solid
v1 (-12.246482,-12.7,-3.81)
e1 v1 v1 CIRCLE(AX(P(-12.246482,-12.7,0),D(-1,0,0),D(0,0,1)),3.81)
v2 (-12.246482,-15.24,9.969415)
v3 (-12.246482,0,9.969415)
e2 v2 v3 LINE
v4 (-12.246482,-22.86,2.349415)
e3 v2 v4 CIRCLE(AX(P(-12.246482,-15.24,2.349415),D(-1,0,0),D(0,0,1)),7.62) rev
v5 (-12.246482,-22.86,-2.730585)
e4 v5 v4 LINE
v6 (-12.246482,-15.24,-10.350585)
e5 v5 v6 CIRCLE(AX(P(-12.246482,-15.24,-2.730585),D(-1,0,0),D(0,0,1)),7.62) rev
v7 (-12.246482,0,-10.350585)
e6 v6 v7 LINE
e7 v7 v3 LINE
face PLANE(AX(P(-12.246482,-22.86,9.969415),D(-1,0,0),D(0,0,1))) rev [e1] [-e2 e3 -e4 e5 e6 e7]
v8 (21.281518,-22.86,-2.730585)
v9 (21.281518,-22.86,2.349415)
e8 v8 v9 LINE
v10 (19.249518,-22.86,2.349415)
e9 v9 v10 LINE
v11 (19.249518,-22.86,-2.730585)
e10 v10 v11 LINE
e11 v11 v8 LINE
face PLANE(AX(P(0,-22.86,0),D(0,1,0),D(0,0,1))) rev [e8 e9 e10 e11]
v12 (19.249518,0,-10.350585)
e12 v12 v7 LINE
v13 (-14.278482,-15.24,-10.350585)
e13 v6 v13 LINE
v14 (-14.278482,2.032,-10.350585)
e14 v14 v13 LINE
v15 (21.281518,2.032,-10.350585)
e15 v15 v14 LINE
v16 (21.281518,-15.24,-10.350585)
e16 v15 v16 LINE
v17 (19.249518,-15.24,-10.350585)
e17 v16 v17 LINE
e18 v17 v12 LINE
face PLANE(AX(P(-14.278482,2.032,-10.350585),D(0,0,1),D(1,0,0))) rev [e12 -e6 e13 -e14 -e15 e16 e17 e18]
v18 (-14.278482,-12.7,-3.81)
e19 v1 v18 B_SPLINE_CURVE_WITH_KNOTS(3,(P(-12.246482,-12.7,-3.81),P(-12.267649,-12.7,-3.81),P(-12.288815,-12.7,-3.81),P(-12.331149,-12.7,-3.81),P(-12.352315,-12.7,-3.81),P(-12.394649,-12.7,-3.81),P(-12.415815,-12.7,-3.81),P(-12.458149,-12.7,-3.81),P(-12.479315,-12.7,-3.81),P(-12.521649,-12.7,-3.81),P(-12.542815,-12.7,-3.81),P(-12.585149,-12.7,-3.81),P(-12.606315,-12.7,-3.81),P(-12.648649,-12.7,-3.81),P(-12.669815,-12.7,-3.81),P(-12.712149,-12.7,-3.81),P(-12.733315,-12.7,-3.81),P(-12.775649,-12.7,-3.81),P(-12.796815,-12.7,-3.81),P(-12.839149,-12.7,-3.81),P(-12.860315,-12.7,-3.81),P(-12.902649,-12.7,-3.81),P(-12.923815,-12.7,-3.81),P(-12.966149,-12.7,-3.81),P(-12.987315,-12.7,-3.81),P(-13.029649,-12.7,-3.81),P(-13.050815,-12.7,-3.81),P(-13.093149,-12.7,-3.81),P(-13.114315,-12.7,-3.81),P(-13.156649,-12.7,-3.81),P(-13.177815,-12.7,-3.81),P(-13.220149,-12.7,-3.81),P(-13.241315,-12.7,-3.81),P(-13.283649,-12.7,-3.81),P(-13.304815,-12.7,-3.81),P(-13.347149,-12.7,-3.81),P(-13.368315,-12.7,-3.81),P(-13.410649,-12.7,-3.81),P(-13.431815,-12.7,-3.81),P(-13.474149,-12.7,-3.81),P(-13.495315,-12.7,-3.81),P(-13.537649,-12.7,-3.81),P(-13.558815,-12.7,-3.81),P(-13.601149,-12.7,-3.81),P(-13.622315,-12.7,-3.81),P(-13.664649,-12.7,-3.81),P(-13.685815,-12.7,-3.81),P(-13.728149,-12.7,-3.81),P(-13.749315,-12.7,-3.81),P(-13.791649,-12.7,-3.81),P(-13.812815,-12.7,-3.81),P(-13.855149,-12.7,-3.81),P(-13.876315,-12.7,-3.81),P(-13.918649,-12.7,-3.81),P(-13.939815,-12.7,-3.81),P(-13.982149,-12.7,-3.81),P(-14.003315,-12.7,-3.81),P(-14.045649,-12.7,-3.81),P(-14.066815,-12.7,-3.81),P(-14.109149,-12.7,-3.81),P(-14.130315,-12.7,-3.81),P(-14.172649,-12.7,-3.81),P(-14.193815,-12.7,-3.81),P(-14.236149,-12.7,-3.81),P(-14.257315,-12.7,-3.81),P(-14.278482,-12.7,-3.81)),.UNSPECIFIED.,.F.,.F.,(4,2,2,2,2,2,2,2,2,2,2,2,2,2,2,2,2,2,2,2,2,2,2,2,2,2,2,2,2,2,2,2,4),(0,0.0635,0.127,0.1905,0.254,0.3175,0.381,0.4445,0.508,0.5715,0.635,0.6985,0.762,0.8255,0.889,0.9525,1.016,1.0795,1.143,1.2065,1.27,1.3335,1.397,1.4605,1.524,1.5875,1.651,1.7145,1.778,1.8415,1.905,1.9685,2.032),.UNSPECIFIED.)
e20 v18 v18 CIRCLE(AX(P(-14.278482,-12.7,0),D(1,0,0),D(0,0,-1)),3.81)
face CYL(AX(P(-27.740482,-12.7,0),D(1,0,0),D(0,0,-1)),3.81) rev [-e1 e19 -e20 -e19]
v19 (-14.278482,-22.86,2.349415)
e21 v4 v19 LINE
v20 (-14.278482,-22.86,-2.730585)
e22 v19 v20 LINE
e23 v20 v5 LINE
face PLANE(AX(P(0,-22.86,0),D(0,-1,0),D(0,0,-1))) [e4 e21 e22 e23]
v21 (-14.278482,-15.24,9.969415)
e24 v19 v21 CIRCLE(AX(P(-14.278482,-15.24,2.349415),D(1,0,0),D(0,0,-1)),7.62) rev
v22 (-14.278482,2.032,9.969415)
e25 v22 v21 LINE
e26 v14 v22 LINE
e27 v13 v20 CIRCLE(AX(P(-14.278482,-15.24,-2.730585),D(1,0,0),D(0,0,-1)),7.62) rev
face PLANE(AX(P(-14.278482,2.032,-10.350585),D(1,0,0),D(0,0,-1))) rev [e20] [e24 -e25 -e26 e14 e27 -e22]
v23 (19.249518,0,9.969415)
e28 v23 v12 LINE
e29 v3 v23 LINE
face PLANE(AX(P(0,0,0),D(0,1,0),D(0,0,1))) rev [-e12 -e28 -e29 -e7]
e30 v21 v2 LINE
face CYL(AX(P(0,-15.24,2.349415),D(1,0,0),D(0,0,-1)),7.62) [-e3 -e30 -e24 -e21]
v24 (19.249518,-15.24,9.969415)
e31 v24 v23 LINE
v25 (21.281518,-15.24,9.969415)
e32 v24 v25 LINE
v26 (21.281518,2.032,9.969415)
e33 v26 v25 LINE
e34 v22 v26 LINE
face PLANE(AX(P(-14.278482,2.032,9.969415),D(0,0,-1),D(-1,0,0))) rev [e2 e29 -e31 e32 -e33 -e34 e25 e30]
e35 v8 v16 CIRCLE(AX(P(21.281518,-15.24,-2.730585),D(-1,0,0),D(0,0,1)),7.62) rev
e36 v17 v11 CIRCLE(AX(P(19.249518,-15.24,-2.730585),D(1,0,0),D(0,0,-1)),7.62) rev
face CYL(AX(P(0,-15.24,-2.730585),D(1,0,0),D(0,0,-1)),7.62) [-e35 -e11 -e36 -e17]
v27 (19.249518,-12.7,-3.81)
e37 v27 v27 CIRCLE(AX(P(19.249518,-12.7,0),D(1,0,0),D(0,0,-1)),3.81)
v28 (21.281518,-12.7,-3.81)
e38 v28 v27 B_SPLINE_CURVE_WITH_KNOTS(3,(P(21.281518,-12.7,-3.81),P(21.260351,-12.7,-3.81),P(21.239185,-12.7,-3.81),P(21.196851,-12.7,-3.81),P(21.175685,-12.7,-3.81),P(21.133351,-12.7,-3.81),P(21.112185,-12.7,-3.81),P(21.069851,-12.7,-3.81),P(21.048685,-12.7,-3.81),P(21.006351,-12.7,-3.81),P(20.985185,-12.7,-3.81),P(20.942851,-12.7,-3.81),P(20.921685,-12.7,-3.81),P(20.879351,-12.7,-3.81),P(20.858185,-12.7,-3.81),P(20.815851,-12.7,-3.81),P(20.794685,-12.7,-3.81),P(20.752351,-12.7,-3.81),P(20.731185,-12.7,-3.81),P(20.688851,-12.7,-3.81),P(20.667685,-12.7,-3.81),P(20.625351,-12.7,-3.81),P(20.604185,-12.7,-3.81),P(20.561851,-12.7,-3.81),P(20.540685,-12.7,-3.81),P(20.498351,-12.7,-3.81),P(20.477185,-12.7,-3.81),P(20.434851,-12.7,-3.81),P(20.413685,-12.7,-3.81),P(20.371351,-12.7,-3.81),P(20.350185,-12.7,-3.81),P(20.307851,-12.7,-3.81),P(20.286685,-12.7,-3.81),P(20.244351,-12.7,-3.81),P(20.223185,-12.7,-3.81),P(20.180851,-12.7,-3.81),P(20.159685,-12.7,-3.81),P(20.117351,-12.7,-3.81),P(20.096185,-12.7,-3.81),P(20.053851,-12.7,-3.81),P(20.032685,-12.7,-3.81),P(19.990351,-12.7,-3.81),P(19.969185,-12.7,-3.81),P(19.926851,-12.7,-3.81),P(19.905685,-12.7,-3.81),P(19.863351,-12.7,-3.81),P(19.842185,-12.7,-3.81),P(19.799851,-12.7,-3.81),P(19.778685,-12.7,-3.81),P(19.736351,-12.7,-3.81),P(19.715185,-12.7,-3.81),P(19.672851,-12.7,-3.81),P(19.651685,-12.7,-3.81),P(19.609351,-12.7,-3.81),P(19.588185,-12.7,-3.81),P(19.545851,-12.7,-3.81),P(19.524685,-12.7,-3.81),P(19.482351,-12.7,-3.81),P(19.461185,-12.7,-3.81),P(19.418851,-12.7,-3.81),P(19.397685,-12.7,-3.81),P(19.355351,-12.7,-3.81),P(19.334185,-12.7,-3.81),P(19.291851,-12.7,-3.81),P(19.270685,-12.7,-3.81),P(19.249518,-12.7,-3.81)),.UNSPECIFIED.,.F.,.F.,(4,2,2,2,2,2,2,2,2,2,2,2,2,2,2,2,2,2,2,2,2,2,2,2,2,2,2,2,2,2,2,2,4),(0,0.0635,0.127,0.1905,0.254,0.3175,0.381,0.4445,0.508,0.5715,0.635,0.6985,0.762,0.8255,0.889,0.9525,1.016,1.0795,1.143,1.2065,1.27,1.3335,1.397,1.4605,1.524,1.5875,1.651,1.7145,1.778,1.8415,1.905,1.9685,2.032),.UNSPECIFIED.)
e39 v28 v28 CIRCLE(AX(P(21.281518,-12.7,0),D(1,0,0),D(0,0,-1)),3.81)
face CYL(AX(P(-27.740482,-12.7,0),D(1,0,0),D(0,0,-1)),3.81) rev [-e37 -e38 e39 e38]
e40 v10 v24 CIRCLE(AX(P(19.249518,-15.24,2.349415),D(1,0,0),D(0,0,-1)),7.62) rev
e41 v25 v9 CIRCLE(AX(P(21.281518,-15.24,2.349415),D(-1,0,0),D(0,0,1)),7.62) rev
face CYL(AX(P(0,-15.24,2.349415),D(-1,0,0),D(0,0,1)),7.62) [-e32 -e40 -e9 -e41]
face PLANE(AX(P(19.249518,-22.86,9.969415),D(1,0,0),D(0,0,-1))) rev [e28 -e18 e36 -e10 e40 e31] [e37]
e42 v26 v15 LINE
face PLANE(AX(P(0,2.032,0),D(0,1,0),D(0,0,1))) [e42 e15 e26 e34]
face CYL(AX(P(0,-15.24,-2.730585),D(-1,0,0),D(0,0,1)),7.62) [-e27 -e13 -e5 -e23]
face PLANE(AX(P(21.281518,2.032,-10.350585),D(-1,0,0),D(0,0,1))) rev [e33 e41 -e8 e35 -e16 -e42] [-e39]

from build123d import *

# Parameters (mm, degrees)
SKETCH1_W           = 35.56
SKETCH1_H           = 20.32
BOSS_EXTRUDE1_DEPTH = 2.032
SKETCH2_W           = 2.032
SKETCH2_H           = 20.32
BOSS_EXTRUDE2_DEPTH = 22.86
FILLET1_R           = 7.62
SKETCH3_R           = 3.81
CUT_EXTRUDE1_DEPTH  = 49.022


with BuildPart() as part:
    # Sketch1 → Boss-Extrude1 (new body)
    with BuildSketch(Plane(origin=(0, 0, 0), x_dir=(1, 0, 0), z_dir=(0, 1, 0))):
        with Locations((3.501518098, 0.190585347)):
            Rectangle(SKETCH1_W, SKETCH1_H)
    extrude(amount=BOSS_EXTRUDE1_DEPTH)

    # Sketch2 → Boss-Extrude2 (add)
    with BuildSketch(Plane.XZ):
        with Locations((-13.262481902, -0.190585347)):
            Rectangle(SKETCH2_W, SKETCH2_H)
        with Locations((20.265518098, -0.190585347)):
            Rectangle(SKETCH2_W, SKETCH2_H)
    extrude(amount=BOSS_EXTRUDE2_DEPTH)

    # Fillet1
    fillet1_edges = [part.edges().sort_by_distance(p)[0] for p in [
        (-13.262481902, -22.86, -10.350585347),
        (-13.262481902, -22.86, 9.969414653),
        (20.265518098, -22.86, 9.969414653),
        (20.265518098, -22.86, -10.350585347),
    ]]
    fillet(fillet1_edges, radius=FILLET1_R)

    # Sketch3 → Cut-Extrude1 (cut)
    with BuildSketch(Plane(origin=(21.281518098, 0, 0), x_dir=(0, 0, -1), z_dir=(1, 0, 0))):
        with Locations((0, -12.7)):
            Circle(SKETCH3_R)
    extrude(amount=-CUT_EXTRUDE1_DEPTH, mode=Mode.SUBTRACT)


solid = part.part
